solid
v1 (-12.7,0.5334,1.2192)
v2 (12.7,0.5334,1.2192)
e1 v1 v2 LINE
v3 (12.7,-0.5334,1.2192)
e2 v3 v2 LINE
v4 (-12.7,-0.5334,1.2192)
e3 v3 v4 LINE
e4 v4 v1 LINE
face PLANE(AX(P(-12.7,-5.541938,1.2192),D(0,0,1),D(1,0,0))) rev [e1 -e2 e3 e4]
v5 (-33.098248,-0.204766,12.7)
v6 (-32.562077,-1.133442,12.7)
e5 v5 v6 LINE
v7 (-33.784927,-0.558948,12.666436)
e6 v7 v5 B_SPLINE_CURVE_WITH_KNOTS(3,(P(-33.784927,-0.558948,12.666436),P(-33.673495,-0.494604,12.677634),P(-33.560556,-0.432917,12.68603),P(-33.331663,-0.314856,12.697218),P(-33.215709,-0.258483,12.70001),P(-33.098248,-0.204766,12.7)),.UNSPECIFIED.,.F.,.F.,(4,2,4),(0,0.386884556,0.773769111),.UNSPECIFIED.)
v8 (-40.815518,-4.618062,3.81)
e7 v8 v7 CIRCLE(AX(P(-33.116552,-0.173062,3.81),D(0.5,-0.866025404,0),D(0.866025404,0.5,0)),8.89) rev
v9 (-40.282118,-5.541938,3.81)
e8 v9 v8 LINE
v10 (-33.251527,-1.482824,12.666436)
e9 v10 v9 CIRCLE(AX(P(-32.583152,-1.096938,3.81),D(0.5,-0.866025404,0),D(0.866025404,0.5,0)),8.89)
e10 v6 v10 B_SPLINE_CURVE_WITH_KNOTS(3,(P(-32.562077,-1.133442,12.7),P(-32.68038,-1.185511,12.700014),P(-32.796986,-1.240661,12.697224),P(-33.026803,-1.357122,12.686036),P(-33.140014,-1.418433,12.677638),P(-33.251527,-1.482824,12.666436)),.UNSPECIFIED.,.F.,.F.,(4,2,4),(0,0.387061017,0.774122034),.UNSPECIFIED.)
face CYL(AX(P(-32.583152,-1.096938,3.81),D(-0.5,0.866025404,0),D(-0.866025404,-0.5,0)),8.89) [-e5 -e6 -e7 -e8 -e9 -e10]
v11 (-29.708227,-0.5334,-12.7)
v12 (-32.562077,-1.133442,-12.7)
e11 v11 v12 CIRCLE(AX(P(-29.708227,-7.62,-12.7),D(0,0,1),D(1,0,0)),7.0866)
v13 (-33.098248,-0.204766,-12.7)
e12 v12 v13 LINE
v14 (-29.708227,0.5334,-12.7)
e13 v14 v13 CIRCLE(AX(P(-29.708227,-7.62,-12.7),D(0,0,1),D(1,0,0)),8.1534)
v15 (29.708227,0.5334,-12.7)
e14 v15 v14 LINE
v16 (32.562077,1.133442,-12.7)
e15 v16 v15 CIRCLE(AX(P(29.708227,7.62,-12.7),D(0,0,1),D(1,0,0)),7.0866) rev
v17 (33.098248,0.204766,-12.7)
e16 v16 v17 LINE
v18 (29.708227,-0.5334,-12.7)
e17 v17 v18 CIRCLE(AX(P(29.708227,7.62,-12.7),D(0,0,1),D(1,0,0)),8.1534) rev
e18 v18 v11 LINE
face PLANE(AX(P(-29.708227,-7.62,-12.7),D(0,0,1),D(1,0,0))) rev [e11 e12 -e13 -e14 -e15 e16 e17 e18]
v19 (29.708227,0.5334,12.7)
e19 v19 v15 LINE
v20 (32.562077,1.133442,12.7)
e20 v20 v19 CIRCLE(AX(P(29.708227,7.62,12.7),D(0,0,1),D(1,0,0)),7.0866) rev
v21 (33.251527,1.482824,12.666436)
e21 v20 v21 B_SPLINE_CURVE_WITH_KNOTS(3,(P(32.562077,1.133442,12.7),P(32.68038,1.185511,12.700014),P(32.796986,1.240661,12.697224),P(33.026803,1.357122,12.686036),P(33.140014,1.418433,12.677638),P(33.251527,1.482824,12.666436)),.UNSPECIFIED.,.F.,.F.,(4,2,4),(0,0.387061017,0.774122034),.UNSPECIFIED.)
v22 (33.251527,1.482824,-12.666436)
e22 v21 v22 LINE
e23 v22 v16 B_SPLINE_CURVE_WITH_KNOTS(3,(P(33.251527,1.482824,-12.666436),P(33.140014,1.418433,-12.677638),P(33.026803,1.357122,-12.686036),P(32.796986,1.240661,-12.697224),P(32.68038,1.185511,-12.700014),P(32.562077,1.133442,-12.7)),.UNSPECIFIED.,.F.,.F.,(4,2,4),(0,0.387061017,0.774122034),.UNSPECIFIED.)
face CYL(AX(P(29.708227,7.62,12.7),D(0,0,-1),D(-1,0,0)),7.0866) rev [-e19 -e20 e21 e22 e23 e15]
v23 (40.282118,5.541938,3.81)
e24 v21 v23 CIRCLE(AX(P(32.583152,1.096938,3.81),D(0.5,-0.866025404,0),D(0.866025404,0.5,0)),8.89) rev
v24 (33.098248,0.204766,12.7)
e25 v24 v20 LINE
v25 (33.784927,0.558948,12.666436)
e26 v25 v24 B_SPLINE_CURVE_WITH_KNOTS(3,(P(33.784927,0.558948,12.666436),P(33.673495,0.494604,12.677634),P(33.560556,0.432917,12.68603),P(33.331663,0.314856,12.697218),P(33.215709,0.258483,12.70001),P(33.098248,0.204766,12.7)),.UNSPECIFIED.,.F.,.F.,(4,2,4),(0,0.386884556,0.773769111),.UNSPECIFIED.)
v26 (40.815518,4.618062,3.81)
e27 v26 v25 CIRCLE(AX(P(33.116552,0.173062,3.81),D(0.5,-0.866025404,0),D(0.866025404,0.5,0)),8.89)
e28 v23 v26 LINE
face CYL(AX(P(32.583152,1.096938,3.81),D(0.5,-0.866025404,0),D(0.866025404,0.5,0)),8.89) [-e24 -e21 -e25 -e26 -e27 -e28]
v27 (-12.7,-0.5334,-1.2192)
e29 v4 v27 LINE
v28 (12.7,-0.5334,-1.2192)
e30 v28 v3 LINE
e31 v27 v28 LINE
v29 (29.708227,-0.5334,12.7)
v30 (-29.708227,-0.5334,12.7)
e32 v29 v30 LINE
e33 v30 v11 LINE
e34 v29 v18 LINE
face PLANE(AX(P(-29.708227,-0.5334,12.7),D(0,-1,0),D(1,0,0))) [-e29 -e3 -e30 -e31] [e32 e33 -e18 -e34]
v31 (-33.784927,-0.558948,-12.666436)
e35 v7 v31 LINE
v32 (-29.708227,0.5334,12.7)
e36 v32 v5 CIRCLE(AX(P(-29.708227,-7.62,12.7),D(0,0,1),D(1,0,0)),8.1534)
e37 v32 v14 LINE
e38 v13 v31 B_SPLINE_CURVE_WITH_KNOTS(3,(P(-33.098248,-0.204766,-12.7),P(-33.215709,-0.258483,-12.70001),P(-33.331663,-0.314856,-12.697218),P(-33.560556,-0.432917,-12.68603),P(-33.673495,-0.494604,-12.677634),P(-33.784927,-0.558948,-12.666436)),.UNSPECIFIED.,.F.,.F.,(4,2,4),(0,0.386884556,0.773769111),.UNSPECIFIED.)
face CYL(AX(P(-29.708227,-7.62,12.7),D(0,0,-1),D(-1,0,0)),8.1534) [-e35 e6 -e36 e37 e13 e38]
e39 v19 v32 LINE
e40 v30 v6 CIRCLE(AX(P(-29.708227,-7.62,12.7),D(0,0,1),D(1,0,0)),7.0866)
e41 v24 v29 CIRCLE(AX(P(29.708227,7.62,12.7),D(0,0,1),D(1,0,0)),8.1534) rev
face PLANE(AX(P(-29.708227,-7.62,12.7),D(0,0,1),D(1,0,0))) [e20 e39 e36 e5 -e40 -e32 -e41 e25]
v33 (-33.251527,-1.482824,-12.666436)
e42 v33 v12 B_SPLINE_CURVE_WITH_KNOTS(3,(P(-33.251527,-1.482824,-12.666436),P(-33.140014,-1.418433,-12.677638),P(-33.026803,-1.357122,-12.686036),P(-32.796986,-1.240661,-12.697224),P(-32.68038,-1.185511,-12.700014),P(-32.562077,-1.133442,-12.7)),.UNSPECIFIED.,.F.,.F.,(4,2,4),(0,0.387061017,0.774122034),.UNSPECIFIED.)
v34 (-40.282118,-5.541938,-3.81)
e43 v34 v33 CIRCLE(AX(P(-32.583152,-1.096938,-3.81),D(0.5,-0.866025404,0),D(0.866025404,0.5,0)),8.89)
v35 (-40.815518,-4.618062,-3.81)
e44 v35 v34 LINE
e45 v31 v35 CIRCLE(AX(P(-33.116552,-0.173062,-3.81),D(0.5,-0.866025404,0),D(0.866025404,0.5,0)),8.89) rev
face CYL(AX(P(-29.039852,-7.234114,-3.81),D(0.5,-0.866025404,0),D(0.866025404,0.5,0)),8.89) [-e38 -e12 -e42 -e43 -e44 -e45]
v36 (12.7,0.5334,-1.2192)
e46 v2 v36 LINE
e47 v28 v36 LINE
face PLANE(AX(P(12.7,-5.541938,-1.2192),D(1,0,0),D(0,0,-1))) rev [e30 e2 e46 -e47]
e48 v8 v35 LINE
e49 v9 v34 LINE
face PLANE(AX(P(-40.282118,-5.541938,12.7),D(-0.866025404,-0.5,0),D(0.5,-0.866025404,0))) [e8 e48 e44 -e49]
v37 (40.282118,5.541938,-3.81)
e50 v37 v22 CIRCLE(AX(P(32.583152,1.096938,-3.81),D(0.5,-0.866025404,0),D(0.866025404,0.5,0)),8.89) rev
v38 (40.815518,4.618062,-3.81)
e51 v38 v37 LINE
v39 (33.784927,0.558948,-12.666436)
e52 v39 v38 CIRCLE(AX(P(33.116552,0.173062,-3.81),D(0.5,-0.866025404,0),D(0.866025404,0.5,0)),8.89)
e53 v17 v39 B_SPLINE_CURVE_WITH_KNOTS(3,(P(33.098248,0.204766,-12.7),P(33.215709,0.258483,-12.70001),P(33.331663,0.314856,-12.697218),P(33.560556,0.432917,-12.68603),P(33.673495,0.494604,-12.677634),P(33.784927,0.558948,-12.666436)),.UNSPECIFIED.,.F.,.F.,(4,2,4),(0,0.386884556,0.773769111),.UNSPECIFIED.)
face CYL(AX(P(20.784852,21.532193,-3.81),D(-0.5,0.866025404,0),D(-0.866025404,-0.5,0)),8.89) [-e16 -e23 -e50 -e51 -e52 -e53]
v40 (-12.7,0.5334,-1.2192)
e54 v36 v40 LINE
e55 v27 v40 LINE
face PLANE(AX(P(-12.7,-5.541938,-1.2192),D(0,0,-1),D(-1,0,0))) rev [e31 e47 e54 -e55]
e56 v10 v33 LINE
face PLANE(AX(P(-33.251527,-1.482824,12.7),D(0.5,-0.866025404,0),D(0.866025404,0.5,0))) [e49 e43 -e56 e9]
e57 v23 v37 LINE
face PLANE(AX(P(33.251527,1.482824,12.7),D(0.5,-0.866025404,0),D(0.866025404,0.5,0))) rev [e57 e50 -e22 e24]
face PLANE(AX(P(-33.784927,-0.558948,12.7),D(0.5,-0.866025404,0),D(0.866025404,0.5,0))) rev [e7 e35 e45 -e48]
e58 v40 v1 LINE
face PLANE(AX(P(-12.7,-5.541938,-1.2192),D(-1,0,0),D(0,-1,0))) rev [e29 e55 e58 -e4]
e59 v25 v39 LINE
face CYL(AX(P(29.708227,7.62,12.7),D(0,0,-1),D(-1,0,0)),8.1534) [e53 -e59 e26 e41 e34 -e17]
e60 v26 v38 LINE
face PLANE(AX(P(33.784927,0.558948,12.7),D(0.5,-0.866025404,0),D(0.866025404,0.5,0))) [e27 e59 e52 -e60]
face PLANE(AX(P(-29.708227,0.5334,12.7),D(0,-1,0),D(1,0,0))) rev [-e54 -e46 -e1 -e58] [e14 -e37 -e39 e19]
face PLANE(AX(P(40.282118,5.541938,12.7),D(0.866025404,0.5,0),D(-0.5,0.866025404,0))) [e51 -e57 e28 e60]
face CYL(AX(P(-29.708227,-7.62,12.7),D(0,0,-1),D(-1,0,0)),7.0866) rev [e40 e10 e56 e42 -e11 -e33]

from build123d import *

# Parameters (mm, degrees)
EXTRUDE_THIN1_DEPTH = 12.7
FILLET1_R           = 8.89
SKETCH2_W           = 25.4
SKETCH2_H           = 2.4384
CUT_EXTRUDE1_DEPTH  = 44.175296885


with BuildPart() as part:
    # Sketch1 → Extrude-Thin1 (new, symmetric)
    with BuildSketch(Plane.XY):
        with BuildLine():
            Line((-40.282118102, -5.54193795), (-33.251527154, -1.482824374))
            ThreePointArc((-33.251527154, -1.482824374), (-31.542374199, -0.774870039), (-29.708227154, -0.5334))
            Line((-29.708227154, -0.5334), (29.708227154, -0.5334))
            ThreePointArc((29.708227154, -0.5334), (31.818482356, -0.255579632), (33.784927154, 0.558948473))
            Line((33.784927154, 0.558948473), (40.815518102, 4.61806205))
            Line((40.815518102, 4.61806205), (40.282118102, 5.54193795))
            Line((40.282118102, 5.54193795), (33.251527154, 1.482824374))
            ThreePointArc((33.251527154, 1.482824374), (31.542374199, 0.774870039), (29.708227154, 0.5334))
            Line((29.708227154, 0.5334), (-29.708227154, 0.5334))
            ThreePointArc((-29.708227154, 0.5334), (-31.818482356, 0.255579632), (-33.784927154, -0.558948473))
            Line((-33.784927154, -0.558948473), (-40.815518102, -4.61806205))
            Line((-40.815518102, -4.61806205), (-40.282118102, -5.54193795))
        make_face()
    extrude(amount=EXTRUDE_THIN1_DEPTH, both=True)

    # Fillet1
    fillet1_edges = [part.edges().sort_by_distance(p)[0] for p in [
        (40.548818102, 5.08, -12.7),
        (40.548818102, 5.08, 12.7),
        (-40.548818102, -5.08, -12.7),
        (-40.548818102, -5.08, 12.7),
    ]]
    fillet(fillet1_edges, radius=FILLET1_R)

    # Sketch2 → Cut-Extrude1 (cut, through all)
    with BuildSketch(Plane(origin=(0, 0.5334, 0), x_dir=(1, 0, 0), z_dir=(0, 1, 0))):
        Rectangle(SKETCH2_W, SKETCH2_H)
    extrude(amount=-CUT_EXTRUDE1_DEPTH, mode=Mode.SUBTRACT)


solid = part.part
